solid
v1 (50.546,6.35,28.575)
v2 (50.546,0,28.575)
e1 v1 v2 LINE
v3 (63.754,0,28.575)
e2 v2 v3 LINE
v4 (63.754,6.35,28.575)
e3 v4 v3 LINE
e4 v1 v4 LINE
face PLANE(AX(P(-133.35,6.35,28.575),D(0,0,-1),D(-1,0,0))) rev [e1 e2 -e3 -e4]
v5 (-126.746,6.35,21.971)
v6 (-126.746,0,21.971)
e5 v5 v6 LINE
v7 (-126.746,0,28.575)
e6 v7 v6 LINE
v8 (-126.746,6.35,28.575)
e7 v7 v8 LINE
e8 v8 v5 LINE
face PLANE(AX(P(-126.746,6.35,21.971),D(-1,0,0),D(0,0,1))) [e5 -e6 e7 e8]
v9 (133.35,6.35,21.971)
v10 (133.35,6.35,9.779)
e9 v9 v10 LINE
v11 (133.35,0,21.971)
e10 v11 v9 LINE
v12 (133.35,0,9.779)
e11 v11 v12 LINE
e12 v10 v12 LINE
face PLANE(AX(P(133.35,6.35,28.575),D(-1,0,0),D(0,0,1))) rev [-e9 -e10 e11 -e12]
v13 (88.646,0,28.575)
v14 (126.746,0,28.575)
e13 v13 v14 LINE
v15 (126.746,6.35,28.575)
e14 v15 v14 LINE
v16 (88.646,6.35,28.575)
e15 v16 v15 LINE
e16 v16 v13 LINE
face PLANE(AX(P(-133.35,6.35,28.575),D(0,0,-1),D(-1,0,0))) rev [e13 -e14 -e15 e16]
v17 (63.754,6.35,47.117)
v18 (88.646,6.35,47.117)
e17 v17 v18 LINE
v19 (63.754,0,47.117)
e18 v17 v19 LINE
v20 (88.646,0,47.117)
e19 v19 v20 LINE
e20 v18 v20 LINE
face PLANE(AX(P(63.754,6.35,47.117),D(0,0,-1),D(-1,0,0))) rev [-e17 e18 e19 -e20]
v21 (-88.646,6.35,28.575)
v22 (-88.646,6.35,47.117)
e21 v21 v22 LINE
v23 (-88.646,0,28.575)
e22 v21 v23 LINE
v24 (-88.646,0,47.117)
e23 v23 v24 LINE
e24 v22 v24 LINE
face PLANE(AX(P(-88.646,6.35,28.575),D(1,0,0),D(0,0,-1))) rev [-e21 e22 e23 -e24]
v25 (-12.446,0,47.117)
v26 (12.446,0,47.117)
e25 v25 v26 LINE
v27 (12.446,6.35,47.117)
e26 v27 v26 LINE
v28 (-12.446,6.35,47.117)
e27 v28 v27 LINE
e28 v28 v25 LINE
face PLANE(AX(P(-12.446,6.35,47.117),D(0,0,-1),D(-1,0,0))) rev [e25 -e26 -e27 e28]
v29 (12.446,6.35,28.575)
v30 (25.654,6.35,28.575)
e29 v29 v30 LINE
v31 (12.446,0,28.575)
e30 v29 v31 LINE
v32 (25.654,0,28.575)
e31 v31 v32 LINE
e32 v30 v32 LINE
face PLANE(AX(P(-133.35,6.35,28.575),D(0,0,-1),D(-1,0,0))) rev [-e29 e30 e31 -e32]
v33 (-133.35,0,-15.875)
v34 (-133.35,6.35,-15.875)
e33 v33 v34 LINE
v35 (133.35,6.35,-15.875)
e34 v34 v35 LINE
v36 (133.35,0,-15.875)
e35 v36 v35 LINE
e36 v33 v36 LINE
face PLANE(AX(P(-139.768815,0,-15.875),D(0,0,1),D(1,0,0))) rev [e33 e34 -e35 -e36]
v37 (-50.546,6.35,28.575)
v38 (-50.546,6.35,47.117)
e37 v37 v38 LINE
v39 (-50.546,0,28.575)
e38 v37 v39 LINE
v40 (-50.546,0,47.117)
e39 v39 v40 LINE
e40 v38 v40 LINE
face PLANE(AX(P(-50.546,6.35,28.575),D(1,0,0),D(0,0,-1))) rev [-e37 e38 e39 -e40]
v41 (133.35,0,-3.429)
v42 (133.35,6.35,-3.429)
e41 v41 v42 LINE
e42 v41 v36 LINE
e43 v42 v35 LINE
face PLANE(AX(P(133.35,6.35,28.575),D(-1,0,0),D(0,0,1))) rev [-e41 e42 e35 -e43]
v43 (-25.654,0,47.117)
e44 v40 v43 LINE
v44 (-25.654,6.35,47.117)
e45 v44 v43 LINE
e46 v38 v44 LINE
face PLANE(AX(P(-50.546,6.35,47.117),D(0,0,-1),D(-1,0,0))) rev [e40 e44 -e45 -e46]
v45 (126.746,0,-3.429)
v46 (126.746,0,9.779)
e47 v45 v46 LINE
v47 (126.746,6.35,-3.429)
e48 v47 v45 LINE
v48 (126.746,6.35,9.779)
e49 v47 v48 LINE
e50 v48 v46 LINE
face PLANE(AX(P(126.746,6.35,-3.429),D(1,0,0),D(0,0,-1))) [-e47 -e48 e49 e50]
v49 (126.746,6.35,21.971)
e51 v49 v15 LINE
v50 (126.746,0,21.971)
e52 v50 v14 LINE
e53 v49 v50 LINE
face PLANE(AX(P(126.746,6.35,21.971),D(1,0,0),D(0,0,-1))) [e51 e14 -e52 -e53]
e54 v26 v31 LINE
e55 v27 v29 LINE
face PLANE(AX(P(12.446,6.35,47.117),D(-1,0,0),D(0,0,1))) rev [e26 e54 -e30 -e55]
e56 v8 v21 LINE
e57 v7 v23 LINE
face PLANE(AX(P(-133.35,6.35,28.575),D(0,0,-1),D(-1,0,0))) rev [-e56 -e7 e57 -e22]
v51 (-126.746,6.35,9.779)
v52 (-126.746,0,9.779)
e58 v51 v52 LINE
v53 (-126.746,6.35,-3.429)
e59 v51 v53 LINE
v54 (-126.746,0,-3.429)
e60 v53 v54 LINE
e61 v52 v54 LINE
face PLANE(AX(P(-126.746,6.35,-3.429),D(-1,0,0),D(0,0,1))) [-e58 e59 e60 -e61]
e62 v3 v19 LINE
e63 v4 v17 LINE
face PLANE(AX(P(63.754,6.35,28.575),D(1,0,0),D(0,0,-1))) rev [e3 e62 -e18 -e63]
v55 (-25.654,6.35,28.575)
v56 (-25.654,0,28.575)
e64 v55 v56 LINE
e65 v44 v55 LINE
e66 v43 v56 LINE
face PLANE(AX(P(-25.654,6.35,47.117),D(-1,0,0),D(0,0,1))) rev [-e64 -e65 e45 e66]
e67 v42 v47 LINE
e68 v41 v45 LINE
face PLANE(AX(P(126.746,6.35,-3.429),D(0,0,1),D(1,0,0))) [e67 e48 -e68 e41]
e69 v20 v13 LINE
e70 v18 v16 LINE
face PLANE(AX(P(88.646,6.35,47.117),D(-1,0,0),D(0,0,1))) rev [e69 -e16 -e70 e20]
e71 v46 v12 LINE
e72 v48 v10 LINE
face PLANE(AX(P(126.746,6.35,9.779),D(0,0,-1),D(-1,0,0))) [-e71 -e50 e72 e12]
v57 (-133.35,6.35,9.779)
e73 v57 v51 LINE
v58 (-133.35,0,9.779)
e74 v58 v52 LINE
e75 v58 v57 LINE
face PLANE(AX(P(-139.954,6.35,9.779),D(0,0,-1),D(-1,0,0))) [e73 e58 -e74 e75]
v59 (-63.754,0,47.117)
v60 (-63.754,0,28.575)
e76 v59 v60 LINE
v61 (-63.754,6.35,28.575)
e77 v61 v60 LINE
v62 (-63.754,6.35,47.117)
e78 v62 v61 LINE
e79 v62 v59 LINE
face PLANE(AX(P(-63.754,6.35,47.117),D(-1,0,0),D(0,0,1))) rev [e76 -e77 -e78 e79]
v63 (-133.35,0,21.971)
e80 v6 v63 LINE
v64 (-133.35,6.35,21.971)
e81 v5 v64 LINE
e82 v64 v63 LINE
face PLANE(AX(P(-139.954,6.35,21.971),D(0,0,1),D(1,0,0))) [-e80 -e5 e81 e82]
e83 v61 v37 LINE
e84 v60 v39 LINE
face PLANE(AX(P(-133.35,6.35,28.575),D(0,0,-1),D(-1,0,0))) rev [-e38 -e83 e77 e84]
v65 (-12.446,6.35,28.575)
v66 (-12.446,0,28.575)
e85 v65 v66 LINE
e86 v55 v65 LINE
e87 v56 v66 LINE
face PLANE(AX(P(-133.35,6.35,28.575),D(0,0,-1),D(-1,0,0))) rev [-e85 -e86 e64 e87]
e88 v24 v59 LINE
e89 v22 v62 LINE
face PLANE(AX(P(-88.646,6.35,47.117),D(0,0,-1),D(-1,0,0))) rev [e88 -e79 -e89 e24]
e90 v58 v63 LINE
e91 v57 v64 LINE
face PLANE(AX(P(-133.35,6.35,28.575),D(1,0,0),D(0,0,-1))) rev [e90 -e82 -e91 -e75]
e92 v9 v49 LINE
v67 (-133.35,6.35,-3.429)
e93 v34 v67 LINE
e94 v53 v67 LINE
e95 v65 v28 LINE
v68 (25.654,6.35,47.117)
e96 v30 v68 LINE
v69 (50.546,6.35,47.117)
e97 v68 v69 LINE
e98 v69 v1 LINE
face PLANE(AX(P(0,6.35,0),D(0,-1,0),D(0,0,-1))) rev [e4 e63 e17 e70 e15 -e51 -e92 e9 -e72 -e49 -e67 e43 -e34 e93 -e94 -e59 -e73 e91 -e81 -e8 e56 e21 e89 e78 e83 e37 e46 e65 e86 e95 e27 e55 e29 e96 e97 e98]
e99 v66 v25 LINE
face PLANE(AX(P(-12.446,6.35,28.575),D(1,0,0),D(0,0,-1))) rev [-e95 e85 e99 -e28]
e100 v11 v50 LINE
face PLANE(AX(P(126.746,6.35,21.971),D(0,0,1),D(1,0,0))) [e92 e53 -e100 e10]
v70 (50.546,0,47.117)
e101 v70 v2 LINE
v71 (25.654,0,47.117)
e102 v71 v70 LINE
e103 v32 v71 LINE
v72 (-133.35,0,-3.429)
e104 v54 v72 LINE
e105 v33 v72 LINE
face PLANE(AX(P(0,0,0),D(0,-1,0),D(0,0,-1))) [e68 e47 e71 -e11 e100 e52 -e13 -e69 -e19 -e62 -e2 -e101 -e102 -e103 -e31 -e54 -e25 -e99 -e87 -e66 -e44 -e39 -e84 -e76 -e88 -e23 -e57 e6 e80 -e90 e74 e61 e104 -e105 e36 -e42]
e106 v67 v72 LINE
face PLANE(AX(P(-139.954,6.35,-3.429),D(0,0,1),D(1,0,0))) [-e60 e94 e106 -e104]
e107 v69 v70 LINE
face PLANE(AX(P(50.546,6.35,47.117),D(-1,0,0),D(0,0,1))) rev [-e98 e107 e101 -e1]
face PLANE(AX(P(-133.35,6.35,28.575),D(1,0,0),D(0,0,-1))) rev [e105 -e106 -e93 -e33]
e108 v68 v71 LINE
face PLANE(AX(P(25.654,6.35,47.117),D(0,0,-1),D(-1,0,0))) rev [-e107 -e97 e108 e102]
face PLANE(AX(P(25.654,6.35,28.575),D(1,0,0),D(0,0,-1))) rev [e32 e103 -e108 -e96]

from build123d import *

# Parameters (mm, degrees)
SKETCH1_W           = 266.7
SKETCH1_H           = 57.15
BOSS_EXTRUDE1_DEPTH = 6.35
SKETCH3_W           = 24.892
SKETCH3_H           = 18.542
BOSS_EXTRUDE2_DEPTH = 6.35
SKETCH4_W           = 13.208
SKETCH4_H           = 13.208
CUT_EXTRUDE2_DEPTH  = 142.5717369
SKETCH5_W           = 295.464136086
SKETCH5_H           = 12.7
CUT_EXTRUDE3_DEPTH  = 142.5717369
SKETCH6_W           = 266.7
SKETCH6_H           = 12.446
BOSS_EXTRUDE3_DEPTH = 6.35


with BuildPart() as part:
    # Sketch1 → Boss-Extrude1 (new body)
    with BuildSketch(Plane(origin=(0, 0, 0), x_dir=(1, 0, 0), z_dir=(0, 1, 0))):
        Rectangle(SKETCH1_W, SKETCH1_H)
    extrude(amount=BOSS_EXTRUDE1_DEPTH)

    # Sketch3 → Boss-Extrude2 (add)
    with BuildSketch(Plane(origin=(0, 0, 0), x_dir=(1, 0, 0), z_dir=(0, 1, 0))):
        with Locations((-76.2, -37.846)):
            Rectangle(SKETCH3_W, SKETCH3_H)
        with Locations((-38.1, -37.846)):
            Rectangle(SKETCH3_W, SKETCH3_H)
        with Locations((0, -37.846)):
            Rectangle(SKETCH3_W, SKETCH3_H)
        with Locations((38.1, -37.846)):
            Rectangle(SKETCH3_W, SKETCH3_H)
        with Locations((76.2, -37.846)):
            Rectangle(SKETCH3_W, SKETCH3_H)
    extrude(amount=BOSS_EXTRUDE2_DEPTH)

    # Sketch4 → Cut-Extrude2 (cut, through all)
    with BuildSketch(Plane(origin=(0, 0, 0), x_dir=(1, 0, 0), z_dir=(0, 1, 0))):
        with Locations((-133.35, 22.225)):
            Rectangle(SKETCH4_W, SKETCH4_H)
        with Locations((133.35, 22.225)):
            Rectangle(SKETCH4_W, SKETCH4_H)
        with Locations((-133.35, -3.175)):
            Rectangle(SKETCH4_W, SKETCH4_H)
        with Locations((-133.35, -28.575)):
            Rectangle(SKETCH4_W, SKETCH4_H)
        with Locations((133.35, -3.175)):
            Rectangle(SKETCH4_W, SKETCH4_H)
        with Locations((133.35, -28.575)):
            Rectangle(SKETCH4_W, SKETCH4_H)
    extrude(amount=CUT_EXTRUDE2_DEPTH, mode=Mode.SUBTRACT)

    # Sketch5 → Cut-Extrude3 (cut, through all)
    with BuildSketch(Plane(origin=(0, 6.35, 0), x_dir=(1, 0, 0), z_dir=(0, 1, 0))):
        with Locations((7.963252738, 22.225)):
            Rectangle(SKETCH5_W, SKETCH5_H)
    extrude(amount=-CUT_EXTRUDE3_DEPTH, mode=Mode.SUBTRACT)

    # Sketch6 → Boss-Extrude3 (add)
    with BuildSketch(Plane(origin=(0, 6.35, 0), x_dir=(1, 0, 0), z_dir=(0, 1, 0))):
        with Locations((0, 9.652)):
            Rectangle(SKETCH6_W, SKETCH6_H)
    extrude(amount=-BOSS_EXTRUDE3_DEPTH)


solid = part.part
